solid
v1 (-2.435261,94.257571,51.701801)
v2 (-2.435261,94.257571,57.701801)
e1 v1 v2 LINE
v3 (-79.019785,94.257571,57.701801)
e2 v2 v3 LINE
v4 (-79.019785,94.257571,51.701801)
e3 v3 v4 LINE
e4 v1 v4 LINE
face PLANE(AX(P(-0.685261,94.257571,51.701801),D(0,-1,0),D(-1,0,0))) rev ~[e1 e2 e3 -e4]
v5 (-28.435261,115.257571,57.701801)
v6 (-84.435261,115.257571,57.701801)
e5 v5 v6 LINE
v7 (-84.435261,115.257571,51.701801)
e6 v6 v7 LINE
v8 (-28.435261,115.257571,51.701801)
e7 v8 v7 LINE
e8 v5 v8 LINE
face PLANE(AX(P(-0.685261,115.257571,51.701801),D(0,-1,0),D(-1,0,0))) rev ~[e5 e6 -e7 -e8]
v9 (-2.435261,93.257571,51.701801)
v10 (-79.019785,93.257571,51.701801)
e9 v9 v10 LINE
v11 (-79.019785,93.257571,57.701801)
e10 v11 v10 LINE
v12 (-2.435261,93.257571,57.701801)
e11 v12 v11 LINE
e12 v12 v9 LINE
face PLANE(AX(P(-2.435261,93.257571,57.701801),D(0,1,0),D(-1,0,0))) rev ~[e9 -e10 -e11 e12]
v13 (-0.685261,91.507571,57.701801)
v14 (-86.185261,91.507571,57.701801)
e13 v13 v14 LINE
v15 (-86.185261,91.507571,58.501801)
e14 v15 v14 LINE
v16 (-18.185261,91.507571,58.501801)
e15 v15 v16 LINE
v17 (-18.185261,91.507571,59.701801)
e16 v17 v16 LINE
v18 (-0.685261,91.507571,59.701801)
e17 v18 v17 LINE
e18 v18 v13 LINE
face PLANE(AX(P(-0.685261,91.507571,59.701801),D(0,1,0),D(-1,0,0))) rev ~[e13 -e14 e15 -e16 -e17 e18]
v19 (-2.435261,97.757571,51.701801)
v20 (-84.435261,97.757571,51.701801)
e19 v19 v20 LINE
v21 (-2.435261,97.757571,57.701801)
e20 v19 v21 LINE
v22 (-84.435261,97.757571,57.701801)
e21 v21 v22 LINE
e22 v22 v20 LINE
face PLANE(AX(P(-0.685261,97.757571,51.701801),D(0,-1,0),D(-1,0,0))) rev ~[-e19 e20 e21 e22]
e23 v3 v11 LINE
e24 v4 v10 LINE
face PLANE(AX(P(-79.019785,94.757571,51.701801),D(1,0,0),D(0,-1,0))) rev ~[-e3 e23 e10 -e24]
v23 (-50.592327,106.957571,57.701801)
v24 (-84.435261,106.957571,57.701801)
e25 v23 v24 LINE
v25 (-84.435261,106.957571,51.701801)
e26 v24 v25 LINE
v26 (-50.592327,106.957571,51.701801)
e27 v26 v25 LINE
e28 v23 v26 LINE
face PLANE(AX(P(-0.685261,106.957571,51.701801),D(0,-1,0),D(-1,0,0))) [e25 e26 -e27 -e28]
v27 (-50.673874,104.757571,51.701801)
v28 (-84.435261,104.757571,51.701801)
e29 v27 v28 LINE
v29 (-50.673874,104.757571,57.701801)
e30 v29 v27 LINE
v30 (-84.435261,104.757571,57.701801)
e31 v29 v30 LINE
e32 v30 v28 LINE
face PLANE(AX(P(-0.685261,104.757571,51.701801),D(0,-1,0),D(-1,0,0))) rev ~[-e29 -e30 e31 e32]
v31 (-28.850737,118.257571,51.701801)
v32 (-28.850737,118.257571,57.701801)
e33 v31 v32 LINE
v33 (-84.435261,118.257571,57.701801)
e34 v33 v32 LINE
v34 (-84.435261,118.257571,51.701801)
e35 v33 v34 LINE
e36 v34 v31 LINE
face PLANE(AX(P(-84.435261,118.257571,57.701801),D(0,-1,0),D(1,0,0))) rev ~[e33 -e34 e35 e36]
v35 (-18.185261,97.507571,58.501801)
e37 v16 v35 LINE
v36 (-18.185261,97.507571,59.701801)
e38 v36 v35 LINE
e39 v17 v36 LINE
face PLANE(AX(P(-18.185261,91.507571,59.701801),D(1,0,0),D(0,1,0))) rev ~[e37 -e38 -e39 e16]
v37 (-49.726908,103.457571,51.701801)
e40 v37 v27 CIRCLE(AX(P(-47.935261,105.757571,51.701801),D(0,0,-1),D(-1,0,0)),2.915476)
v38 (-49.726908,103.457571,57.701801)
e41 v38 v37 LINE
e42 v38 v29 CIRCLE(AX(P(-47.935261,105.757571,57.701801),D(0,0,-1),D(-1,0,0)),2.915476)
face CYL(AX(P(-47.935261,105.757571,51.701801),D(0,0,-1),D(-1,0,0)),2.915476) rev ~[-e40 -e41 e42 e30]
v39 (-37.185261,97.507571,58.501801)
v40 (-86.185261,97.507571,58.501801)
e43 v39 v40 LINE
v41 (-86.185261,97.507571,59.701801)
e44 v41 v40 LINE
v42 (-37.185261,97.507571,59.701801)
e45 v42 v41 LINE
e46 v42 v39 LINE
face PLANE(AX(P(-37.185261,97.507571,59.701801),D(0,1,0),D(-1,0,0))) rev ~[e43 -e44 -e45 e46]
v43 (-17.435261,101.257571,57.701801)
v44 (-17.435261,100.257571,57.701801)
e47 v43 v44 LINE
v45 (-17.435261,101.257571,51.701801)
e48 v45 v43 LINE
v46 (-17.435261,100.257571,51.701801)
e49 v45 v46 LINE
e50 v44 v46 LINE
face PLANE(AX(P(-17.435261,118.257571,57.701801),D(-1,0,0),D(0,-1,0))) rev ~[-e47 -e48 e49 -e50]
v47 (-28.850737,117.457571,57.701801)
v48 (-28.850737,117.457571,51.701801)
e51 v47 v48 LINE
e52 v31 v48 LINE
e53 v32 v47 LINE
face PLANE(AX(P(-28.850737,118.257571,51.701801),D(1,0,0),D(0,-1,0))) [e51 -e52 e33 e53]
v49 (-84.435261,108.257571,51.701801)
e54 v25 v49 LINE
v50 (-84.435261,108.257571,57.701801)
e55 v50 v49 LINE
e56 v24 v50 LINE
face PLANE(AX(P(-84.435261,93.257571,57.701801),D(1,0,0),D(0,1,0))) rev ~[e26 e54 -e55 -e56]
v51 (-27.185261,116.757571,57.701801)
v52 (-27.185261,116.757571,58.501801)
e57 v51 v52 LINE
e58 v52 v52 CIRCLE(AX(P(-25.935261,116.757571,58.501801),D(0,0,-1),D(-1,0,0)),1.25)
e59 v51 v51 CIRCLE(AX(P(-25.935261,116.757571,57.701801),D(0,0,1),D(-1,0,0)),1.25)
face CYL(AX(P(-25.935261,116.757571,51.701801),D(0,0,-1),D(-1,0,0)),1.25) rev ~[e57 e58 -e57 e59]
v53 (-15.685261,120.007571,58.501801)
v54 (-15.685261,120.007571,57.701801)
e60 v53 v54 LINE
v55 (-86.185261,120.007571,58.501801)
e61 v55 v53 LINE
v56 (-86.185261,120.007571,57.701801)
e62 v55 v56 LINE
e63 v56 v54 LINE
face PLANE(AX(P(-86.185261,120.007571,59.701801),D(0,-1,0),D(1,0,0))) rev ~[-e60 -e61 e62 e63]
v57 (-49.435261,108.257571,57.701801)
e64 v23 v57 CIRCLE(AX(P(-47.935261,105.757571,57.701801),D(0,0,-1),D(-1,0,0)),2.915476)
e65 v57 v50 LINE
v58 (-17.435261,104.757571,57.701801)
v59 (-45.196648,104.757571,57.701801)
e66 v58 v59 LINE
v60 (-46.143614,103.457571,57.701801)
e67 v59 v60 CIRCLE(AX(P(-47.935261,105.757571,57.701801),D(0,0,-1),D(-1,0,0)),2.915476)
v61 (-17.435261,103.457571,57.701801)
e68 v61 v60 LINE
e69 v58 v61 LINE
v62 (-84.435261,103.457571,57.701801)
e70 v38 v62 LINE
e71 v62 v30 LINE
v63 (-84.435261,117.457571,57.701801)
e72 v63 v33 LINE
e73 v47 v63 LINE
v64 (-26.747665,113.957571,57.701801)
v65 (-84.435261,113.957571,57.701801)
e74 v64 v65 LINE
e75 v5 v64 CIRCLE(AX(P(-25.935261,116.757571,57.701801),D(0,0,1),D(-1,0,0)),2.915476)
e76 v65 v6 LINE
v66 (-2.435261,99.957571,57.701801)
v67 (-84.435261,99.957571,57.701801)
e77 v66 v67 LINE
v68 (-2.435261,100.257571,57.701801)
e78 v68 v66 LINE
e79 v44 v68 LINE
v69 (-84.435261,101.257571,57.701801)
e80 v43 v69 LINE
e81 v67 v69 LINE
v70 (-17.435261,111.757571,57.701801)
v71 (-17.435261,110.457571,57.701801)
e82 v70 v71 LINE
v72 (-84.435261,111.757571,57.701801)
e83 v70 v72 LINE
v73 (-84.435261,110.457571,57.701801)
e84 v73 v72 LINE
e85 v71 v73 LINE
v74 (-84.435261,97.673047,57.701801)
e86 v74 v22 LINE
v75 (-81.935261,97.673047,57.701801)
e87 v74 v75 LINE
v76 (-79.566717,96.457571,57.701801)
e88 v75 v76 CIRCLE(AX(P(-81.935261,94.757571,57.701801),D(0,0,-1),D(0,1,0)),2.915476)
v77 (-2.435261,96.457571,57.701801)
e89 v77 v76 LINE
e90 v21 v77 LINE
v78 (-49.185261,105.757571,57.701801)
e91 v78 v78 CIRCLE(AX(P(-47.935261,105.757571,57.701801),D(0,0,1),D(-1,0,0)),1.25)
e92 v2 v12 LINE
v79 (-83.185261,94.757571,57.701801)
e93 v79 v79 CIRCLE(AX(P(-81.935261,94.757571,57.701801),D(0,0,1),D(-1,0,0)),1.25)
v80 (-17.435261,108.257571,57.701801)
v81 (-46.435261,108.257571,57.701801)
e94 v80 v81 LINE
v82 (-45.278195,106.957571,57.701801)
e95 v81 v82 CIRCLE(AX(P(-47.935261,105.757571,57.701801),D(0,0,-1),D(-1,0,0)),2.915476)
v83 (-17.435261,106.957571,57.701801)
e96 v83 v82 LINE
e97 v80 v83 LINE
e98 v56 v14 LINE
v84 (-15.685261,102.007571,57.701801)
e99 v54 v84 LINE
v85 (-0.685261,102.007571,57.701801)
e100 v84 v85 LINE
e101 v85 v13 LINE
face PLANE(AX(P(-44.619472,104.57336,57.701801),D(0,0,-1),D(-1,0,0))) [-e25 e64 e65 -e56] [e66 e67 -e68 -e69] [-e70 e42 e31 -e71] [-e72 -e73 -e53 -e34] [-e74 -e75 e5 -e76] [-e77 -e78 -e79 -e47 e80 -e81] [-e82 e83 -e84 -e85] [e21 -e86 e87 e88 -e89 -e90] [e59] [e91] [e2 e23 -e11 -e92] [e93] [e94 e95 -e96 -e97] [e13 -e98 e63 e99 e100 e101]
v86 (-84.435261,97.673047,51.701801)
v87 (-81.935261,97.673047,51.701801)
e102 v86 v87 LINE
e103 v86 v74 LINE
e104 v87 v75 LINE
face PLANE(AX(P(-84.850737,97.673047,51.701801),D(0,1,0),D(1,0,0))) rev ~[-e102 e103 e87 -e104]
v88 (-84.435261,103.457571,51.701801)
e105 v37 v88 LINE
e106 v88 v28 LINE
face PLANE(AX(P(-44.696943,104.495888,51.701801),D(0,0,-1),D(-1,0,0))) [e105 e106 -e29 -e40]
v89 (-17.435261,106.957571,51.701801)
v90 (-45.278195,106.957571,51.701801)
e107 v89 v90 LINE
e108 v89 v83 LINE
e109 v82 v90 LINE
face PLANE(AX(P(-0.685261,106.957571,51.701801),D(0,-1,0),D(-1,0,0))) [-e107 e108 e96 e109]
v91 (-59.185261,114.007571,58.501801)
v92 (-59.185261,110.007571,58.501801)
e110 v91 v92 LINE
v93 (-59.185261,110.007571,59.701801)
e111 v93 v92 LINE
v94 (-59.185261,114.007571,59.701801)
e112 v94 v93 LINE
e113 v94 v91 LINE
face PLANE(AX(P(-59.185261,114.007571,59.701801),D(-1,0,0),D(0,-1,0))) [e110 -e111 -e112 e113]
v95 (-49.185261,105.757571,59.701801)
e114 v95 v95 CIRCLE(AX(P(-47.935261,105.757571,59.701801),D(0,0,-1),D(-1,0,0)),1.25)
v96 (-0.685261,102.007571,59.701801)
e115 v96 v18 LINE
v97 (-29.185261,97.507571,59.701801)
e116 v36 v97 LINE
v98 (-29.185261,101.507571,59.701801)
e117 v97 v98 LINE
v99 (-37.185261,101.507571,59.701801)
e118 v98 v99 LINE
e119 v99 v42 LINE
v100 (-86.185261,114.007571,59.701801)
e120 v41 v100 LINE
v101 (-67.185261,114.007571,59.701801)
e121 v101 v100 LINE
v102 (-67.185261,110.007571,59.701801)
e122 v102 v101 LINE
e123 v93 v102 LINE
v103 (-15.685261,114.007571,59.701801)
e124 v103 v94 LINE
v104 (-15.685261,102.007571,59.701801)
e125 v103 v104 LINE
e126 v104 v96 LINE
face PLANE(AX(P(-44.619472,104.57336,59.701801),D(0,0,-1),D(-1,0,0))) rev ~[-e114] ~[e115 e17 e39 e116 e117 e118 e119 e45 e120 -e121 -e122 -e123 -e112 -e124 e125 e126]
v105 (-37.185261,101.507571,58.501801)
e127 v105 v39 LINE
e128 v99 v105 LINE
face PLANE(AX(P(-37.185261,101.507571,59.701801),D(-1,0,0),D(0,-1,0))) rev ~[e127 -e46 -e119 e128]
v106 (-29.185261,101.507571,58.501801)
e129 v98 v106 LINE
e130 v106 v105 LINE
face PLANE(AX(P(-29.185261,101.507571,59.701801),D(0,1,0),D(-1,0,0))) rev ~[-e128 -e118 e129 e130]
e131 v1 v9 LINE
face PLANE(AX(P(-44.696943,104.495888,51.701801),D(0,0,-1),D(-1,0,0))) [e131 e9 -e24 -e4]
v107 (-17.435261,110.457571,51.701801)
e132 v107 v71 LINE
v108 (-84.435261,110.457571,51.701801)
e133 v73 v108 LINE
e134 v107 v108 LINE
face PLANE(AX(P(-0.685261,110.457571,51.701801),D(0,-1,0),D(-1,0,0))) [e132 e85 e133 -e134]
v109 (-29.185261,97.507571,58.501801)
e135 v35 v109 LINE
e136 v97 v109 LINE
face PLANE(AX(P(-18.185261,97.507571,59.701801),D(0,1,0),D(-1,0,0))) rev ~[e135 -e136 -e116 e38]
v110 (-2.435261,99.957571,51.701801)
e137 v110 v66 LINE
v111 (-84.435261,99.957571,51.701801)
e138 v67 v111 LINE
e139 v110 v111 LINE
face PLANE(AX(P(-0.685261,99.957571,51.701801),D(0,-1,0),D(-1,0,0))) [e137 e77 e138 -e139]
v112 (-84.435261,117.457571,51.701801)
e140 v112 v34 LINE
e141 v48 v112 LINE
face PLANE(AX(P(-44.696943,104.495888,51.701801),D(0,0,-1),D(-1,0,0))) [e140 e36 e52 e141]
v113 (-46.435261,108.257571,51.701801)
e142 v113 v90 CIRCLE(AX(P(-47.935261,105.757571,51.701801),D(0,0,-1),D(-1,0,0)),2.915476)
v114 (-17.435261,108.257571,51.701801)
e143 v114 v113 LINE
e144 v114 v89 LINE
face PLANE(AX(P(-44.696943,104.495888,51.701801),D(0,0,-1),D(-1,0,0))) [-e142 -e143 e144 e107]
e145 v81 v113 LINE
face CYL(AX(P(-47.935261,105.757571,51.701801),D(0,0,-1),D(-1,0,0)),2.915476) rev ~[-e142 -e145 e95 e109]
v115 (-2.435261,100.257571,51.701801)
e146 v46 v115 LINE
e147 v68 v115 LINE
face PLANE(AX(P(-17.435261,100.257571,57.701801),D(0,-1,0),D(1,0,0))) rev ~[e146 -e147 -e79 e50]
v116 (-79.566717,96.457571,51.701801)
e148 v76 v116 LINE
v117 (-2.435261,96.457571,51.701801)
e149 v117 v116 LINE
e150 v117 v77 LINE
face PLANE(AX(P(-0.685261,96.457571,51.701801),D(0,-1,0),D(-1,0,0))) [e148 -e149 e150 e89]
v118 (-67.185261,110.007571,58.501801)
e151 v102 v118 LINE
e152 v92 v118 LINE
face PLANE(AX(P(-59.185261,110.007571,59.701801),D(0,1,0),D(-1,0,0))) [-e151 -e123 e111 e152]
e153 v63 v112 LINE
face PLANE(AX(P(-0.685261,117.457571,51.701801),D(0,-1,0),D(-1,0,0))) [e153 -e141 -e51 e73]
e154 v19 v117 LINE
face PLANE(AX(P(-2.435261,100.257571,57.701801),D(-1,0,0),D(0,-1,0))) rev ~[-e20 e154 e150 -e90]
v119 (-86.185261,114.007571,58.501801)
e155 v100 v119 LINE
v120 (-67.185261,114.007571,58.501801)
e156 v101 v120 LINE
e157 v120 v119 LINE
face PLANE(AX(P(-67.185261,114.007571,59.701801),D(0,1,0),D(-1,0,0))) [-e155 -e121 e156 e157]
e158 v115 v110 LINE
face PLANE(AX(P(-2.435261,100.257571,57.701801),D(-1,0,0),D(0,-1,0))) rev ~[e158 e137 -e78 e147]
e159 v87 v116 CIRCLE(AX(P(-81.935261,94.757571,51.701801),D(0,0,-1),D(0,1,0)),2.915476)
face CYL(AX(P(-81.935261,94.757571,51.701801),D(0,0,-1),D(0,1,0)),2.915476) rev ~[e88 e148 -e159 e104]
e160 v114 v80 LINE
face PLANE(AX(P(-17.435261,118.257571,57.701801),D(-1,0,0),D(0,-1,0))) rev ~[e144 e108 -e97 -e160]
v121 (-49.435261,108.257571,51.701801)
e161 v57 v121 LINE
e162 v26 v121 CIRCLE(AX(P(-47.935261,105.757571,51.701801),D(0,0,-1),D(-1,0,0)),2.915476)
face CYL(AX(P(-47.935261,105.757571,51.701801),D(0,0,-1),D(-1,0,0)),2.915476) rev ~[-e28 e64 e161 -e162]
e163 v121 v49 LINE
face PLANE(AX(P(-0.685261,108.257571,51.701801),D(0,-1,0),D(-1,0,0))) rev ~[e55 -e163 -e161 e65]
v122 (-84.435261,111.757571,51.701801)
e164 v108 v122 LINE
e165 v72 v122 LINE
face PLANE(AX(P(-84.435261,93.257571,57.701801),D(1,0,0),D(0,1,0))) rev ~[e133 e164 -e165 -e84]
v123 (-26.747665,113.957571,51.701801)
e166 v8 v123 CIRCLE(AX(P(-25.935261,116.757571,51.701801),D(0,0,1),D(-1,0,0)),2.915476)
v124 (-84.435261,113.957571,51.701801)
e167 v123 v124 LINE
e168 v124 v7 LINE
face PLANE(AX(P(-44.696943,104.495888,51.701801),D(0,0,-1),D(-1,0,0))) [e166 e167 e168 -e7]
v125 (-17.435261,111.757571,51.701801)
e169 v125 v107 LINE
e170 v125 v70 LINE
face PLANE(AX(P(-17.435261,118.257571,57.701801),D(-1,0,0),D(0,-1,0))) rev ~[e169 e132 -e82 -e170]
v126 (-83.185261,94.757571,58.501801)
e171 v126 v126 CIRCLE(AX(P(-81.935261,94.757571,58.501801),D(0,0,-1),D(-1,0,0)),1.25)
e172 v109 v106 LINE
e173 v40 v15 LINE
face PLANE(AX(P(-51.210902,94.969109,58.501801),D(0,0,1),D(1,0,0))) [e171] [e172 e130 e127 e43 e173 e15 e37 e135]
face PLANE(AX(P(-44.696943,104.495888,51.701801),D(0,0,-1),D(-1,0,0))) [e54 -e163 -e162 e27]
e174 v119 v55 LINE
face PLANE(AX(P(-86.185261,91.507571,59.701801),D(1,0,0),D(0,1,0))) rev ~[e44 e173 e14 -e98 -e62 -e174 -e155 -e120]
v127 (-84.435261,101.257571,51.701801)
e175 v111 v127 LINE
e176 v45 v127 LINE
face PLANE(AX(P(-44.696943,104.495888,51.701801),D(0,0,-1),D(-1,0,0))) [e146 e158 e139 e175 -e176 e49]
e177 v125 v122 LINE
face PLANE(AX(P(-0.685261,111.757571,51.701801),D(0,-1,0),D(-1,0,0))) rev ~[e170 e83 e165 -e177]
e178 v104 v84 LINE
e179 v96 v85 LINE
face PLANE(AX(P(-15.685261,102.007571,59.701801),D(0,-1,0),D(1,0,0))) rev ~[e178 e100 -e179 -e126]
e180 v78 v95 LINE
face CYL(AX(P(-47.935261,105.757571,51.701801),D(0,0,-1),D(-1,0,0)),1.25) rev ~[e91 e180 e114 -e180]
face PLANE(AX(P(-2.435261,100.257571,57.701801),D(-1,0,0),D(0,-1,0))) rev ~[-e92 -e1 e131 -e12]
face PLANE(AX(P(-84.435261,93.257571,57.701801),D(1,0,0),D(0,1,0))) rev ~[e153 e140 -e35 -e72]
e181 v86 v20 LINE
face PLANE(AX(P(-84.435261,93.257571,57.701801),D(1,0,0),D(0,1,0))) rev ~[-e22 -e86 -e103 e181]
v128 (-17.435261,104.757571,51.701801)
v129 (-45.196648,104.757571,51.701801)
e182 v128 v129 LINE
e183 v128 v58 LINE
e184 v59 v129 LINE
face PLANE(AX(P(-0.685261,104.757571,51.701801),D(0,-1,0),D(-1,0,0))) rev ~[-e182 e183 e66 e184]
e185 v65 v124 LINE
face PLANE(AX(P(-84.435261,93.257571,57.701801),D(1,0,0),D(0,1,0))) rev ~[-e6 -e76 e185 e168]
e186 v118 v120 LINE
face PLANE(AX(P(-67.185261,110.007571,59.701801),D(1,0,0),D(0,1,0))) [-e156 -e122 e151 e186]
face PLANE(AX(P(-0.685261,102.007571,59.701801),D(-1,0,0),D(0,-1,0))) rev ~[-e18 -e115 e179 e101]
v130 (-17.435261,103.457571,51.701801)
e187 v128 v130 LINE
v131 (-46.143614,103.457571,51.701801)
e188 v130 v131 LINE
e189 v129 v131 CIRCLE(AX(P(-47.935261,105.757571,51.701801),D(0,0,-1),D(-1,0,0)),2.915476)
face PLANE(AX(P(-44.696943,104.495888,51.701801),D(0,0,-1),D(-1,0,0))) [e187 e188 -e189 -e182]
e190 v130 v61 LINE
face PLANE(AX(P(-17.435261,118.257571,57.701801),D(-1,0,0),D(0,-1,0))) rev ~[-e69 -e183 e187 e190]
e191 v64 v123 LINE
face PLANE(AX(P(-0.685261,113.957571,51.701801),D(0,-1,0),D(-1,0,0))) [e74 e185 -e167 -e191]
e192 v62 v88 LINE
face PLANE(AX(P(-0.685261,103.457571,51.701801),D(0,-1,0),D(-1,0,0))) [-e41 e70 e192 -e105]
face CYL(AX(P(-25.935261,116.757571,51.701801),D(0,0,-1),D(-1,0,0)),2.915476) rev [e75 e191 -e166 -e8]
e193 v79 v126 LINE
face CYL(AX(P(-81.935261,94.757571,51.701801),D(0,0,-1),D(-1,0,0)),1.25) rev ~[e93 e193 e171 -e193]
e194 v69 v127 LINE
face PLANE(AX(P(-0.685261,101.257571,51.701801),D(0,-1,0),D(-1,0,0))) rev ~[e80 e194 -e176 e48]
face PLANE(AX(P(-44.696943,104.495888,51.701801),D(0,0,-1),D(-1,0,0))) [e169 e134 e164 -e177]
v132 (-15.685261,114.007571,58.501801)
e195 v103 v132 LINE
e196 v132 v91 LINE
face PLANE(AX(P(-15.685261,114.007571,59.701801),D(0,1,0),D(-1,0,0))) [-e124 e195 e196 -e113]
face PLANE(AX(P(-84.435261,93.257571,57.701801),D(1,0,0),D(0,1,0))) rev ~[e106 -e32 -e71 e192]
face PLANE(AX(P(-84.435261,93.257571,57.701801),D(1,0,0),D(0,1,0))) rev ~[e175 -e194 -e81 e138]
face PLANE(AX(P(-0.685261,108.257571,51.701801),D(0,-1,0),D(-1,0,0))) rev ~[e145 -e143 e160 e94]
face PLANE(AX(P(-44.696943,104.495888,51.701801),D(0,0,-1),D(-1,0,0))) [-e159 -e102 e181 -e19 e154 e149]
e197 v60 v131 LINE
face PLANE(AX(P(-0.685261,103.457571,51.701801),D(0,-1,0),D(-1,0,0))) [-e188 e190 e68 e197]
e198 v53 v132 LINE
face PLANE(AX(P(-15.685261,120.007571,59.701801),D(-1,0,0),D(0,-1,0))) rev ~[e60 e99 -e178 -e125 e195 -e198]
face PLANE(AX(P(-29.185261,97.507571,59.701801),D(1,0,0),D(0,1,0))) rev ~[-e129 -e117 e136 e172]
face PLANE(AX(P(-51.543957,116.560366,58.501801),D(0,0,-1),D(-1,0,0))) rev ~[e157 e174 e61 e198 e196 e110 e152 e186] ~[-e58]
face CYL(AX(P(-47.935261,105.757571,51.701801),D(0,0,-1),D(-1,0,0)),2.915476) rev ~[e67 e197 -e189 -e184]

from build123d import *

# Parameters (mm, degrees)
BOSS_EXTRU_1_DEPTH      = 2
BOSS_EXTRU_2_DEPTH      = 6
ESQUISSE3_R             = 1.25
ENL_V_MAT_EXTRU_1_DEPTH = 148.965253472
ESQUISSE4_R             = 2.915475947
ENL_V_MAT_EXTRU_2_DEPTH = 6
ENL_V_MAT_EXTRU_3_DEPTH = 1.2
ESQUISSE12_W            = 85.5
ESQUISSE12_H            = 2.2
ENL_V_MAT_EXTRU_4_DEPTH = 6


with BuildPart() as part:
    # Esquisse1 → Boss.-Extru.1 (new body)
    with BuildSketch(Plane(origin=(0, 0, 59.701801036), x_dir=(-1, 0, 0), z_dir=(0, 0, -1))):
        Polygon((0.68526114, 91.507570583), (86.18526114, 91.507570583), (86.18526114, 120.007570583), (15.68526114, 120.007570583), (15.68526114, 102.007570583), (0.68526114, 102.007570583), align=None)
    extrude(amount=BOSS_EXTRU_1_DEPTH)

    # Esquisse2 → Boss.-Extru.2 (add)
    with BuildSketch(Plane(origin=(0, 0, 57.701801036), x_dir=(-1, 0, 0), z_dir=(0, 0, -1))):
        Polygon((84.43526114, 93.257570583), (84.43526114, 118.257570583), (17.43526114, 118.257570583), (17.43526114, 100.257570583), (2.43526114, 100.257570583), (2.43526114, 93.257570583), align=None)
    extrude(amount=BOSS_EXTRU_2_DEPTH)

    # Esquisse3 → Enlèv. mat.-Extru.1 (cut, through all)
    with BuildSketch(Plane(origin=(0, 0, 51.701801036), x_dir=(-1, 0, 0), z_dir=(0, 0, -1))):
        with Locations((47.93526114, 105.757570583)):
            Circle(ESQUISSE3_R)
        with Locations((25.93526114, 116.757570583)):
            Circle(ESQUISSE3_R)
        with Locations((81.93526114, 94.757570583)):
            Circle(ESQUISSE3_R)
    extrude(amount=-ENL_V_MAT_EXTRU_1_DEPTH, mode=Mode.SUBTRACT)

    # Esquisse4 → Enlèv. mat.-Extru.2 (cut)
    with BuildSketch(Plane(origin=(0, 0, 51.701801036), x_dir=(-1, 0, 0), z_dir=(0, 0, -1))):
        with Locations((47.93526114, 105.757570583)):
            Circle(ESQUISSE4_R)
        with BuildLine():
            Line((25.93526114, 113.842094636), (17.43526114, 113.842094636))
            Line((17.43526114, 113.842094636), (17.43526114, 118.257570583))
            Line((17.43526114, 118.257570583), (28.850737087, 118.257570583))
            Line((28.850737087, 118.257570583), (28.850737087, 116.757570583))
            ThreePointArc((28.850737087, 116.757570583), (27.996813953, 114.696017771), (25.93526114, 113.842094636))
        make_face()
        with BuildLine():
            Line((79.019785192, 94.757570583), (79.019785192, 91.842094636))
            Line((79.019785192, 91.842094636), (84.850737087, 91.842094636))
            Line((84.850737087, 91.842094636), (84.850737087, 97.673046531))
            Line((84.850737087, 97.673046531), (81.93526114, 97.673046531))
            ThreePointArc((81.93526114, 97.673046531), (79.873708327, 96.819123396), (79.019785192, 94.757570583))
        make_face()
    extrude(amount=-ENL_V_MAT_EXTRU_2_DEPTH, mode=Mode.SUBTRACT)

    # Esquisse11 → Enlèv. mat.-Extru.3 (cut)
    with BuildSketch(Plane.XY.offset(59.701801036)):
        Polygon((-18.18526114, 91.507570583), (-18.18526114, 97.507570583), (-29.18526114, 97.507570583), (-29.18526114, 101.507570583), (-37.18526114, 101.507570583), (-37.18526114, 97.507570583), (-86.18526114, 97.507570583), (-86.18526114, 91.507570583), align=None)
        Polygon((-15.68526114, 114.007570583), (-59.18526114, 114.007570583), (-59.18526114, 110.007570583), (-67.18526114, 110.007570583), (-67.18526114, 114.007570583), (-86.18526114, 114.007570583), (-86.18526114, 120.007570583), (-15.68526114, 120.007570583), align=None)
    extrude(amount=-ENL_V_MAT_EXTRU_3_DEPTH, mode=Mode.SUBTRACT)

    # Esquisse12 → Enlèv. mat.-Extru.4 (cut)
    with BuildSketch(Plane(origin=(0, 0, 51.701801036), x_dir=(-1, 0, 0), z_dir=(0, 0, -1))):
        with Locations((43.43526114, 95.357570583)):
            Rectangle(ESQUISSE12_W, ESQUISSE12_H)
        with Locations((43.43526114, 98.857570583)):
            Rectangle(ESQUISSE12_W, ESQUISSE12_H)
        with Locations((43.43526114, 102.357570583)):
            Rectangle(ESQUISSE12_W, ESQUISSE12_H)
        with Locations((43.43526114, 105.857570583)):
            Rectangle(ESQUISSE12_W, ESQUISSE12_H)
        with Locations((43.43526114, 109.357570583)):
            Rectangle(ESQUISSE12_W, ESQUISSE12_H)
        with Locations((43.43526114, 112.857570583)):
            Rectangle(ESQUISSE12_W, ESQUISSE12_H)
        with Locations((43.43526114, 116.357570583)):
            Rectangle(ESQUISSE12_W, ESQUISSE12_H)
    extrude(amount=-ENL_V_MAT_EXTRU_4_DEPTH, mode=Mode.SUBTRACT)


solid = part.part
